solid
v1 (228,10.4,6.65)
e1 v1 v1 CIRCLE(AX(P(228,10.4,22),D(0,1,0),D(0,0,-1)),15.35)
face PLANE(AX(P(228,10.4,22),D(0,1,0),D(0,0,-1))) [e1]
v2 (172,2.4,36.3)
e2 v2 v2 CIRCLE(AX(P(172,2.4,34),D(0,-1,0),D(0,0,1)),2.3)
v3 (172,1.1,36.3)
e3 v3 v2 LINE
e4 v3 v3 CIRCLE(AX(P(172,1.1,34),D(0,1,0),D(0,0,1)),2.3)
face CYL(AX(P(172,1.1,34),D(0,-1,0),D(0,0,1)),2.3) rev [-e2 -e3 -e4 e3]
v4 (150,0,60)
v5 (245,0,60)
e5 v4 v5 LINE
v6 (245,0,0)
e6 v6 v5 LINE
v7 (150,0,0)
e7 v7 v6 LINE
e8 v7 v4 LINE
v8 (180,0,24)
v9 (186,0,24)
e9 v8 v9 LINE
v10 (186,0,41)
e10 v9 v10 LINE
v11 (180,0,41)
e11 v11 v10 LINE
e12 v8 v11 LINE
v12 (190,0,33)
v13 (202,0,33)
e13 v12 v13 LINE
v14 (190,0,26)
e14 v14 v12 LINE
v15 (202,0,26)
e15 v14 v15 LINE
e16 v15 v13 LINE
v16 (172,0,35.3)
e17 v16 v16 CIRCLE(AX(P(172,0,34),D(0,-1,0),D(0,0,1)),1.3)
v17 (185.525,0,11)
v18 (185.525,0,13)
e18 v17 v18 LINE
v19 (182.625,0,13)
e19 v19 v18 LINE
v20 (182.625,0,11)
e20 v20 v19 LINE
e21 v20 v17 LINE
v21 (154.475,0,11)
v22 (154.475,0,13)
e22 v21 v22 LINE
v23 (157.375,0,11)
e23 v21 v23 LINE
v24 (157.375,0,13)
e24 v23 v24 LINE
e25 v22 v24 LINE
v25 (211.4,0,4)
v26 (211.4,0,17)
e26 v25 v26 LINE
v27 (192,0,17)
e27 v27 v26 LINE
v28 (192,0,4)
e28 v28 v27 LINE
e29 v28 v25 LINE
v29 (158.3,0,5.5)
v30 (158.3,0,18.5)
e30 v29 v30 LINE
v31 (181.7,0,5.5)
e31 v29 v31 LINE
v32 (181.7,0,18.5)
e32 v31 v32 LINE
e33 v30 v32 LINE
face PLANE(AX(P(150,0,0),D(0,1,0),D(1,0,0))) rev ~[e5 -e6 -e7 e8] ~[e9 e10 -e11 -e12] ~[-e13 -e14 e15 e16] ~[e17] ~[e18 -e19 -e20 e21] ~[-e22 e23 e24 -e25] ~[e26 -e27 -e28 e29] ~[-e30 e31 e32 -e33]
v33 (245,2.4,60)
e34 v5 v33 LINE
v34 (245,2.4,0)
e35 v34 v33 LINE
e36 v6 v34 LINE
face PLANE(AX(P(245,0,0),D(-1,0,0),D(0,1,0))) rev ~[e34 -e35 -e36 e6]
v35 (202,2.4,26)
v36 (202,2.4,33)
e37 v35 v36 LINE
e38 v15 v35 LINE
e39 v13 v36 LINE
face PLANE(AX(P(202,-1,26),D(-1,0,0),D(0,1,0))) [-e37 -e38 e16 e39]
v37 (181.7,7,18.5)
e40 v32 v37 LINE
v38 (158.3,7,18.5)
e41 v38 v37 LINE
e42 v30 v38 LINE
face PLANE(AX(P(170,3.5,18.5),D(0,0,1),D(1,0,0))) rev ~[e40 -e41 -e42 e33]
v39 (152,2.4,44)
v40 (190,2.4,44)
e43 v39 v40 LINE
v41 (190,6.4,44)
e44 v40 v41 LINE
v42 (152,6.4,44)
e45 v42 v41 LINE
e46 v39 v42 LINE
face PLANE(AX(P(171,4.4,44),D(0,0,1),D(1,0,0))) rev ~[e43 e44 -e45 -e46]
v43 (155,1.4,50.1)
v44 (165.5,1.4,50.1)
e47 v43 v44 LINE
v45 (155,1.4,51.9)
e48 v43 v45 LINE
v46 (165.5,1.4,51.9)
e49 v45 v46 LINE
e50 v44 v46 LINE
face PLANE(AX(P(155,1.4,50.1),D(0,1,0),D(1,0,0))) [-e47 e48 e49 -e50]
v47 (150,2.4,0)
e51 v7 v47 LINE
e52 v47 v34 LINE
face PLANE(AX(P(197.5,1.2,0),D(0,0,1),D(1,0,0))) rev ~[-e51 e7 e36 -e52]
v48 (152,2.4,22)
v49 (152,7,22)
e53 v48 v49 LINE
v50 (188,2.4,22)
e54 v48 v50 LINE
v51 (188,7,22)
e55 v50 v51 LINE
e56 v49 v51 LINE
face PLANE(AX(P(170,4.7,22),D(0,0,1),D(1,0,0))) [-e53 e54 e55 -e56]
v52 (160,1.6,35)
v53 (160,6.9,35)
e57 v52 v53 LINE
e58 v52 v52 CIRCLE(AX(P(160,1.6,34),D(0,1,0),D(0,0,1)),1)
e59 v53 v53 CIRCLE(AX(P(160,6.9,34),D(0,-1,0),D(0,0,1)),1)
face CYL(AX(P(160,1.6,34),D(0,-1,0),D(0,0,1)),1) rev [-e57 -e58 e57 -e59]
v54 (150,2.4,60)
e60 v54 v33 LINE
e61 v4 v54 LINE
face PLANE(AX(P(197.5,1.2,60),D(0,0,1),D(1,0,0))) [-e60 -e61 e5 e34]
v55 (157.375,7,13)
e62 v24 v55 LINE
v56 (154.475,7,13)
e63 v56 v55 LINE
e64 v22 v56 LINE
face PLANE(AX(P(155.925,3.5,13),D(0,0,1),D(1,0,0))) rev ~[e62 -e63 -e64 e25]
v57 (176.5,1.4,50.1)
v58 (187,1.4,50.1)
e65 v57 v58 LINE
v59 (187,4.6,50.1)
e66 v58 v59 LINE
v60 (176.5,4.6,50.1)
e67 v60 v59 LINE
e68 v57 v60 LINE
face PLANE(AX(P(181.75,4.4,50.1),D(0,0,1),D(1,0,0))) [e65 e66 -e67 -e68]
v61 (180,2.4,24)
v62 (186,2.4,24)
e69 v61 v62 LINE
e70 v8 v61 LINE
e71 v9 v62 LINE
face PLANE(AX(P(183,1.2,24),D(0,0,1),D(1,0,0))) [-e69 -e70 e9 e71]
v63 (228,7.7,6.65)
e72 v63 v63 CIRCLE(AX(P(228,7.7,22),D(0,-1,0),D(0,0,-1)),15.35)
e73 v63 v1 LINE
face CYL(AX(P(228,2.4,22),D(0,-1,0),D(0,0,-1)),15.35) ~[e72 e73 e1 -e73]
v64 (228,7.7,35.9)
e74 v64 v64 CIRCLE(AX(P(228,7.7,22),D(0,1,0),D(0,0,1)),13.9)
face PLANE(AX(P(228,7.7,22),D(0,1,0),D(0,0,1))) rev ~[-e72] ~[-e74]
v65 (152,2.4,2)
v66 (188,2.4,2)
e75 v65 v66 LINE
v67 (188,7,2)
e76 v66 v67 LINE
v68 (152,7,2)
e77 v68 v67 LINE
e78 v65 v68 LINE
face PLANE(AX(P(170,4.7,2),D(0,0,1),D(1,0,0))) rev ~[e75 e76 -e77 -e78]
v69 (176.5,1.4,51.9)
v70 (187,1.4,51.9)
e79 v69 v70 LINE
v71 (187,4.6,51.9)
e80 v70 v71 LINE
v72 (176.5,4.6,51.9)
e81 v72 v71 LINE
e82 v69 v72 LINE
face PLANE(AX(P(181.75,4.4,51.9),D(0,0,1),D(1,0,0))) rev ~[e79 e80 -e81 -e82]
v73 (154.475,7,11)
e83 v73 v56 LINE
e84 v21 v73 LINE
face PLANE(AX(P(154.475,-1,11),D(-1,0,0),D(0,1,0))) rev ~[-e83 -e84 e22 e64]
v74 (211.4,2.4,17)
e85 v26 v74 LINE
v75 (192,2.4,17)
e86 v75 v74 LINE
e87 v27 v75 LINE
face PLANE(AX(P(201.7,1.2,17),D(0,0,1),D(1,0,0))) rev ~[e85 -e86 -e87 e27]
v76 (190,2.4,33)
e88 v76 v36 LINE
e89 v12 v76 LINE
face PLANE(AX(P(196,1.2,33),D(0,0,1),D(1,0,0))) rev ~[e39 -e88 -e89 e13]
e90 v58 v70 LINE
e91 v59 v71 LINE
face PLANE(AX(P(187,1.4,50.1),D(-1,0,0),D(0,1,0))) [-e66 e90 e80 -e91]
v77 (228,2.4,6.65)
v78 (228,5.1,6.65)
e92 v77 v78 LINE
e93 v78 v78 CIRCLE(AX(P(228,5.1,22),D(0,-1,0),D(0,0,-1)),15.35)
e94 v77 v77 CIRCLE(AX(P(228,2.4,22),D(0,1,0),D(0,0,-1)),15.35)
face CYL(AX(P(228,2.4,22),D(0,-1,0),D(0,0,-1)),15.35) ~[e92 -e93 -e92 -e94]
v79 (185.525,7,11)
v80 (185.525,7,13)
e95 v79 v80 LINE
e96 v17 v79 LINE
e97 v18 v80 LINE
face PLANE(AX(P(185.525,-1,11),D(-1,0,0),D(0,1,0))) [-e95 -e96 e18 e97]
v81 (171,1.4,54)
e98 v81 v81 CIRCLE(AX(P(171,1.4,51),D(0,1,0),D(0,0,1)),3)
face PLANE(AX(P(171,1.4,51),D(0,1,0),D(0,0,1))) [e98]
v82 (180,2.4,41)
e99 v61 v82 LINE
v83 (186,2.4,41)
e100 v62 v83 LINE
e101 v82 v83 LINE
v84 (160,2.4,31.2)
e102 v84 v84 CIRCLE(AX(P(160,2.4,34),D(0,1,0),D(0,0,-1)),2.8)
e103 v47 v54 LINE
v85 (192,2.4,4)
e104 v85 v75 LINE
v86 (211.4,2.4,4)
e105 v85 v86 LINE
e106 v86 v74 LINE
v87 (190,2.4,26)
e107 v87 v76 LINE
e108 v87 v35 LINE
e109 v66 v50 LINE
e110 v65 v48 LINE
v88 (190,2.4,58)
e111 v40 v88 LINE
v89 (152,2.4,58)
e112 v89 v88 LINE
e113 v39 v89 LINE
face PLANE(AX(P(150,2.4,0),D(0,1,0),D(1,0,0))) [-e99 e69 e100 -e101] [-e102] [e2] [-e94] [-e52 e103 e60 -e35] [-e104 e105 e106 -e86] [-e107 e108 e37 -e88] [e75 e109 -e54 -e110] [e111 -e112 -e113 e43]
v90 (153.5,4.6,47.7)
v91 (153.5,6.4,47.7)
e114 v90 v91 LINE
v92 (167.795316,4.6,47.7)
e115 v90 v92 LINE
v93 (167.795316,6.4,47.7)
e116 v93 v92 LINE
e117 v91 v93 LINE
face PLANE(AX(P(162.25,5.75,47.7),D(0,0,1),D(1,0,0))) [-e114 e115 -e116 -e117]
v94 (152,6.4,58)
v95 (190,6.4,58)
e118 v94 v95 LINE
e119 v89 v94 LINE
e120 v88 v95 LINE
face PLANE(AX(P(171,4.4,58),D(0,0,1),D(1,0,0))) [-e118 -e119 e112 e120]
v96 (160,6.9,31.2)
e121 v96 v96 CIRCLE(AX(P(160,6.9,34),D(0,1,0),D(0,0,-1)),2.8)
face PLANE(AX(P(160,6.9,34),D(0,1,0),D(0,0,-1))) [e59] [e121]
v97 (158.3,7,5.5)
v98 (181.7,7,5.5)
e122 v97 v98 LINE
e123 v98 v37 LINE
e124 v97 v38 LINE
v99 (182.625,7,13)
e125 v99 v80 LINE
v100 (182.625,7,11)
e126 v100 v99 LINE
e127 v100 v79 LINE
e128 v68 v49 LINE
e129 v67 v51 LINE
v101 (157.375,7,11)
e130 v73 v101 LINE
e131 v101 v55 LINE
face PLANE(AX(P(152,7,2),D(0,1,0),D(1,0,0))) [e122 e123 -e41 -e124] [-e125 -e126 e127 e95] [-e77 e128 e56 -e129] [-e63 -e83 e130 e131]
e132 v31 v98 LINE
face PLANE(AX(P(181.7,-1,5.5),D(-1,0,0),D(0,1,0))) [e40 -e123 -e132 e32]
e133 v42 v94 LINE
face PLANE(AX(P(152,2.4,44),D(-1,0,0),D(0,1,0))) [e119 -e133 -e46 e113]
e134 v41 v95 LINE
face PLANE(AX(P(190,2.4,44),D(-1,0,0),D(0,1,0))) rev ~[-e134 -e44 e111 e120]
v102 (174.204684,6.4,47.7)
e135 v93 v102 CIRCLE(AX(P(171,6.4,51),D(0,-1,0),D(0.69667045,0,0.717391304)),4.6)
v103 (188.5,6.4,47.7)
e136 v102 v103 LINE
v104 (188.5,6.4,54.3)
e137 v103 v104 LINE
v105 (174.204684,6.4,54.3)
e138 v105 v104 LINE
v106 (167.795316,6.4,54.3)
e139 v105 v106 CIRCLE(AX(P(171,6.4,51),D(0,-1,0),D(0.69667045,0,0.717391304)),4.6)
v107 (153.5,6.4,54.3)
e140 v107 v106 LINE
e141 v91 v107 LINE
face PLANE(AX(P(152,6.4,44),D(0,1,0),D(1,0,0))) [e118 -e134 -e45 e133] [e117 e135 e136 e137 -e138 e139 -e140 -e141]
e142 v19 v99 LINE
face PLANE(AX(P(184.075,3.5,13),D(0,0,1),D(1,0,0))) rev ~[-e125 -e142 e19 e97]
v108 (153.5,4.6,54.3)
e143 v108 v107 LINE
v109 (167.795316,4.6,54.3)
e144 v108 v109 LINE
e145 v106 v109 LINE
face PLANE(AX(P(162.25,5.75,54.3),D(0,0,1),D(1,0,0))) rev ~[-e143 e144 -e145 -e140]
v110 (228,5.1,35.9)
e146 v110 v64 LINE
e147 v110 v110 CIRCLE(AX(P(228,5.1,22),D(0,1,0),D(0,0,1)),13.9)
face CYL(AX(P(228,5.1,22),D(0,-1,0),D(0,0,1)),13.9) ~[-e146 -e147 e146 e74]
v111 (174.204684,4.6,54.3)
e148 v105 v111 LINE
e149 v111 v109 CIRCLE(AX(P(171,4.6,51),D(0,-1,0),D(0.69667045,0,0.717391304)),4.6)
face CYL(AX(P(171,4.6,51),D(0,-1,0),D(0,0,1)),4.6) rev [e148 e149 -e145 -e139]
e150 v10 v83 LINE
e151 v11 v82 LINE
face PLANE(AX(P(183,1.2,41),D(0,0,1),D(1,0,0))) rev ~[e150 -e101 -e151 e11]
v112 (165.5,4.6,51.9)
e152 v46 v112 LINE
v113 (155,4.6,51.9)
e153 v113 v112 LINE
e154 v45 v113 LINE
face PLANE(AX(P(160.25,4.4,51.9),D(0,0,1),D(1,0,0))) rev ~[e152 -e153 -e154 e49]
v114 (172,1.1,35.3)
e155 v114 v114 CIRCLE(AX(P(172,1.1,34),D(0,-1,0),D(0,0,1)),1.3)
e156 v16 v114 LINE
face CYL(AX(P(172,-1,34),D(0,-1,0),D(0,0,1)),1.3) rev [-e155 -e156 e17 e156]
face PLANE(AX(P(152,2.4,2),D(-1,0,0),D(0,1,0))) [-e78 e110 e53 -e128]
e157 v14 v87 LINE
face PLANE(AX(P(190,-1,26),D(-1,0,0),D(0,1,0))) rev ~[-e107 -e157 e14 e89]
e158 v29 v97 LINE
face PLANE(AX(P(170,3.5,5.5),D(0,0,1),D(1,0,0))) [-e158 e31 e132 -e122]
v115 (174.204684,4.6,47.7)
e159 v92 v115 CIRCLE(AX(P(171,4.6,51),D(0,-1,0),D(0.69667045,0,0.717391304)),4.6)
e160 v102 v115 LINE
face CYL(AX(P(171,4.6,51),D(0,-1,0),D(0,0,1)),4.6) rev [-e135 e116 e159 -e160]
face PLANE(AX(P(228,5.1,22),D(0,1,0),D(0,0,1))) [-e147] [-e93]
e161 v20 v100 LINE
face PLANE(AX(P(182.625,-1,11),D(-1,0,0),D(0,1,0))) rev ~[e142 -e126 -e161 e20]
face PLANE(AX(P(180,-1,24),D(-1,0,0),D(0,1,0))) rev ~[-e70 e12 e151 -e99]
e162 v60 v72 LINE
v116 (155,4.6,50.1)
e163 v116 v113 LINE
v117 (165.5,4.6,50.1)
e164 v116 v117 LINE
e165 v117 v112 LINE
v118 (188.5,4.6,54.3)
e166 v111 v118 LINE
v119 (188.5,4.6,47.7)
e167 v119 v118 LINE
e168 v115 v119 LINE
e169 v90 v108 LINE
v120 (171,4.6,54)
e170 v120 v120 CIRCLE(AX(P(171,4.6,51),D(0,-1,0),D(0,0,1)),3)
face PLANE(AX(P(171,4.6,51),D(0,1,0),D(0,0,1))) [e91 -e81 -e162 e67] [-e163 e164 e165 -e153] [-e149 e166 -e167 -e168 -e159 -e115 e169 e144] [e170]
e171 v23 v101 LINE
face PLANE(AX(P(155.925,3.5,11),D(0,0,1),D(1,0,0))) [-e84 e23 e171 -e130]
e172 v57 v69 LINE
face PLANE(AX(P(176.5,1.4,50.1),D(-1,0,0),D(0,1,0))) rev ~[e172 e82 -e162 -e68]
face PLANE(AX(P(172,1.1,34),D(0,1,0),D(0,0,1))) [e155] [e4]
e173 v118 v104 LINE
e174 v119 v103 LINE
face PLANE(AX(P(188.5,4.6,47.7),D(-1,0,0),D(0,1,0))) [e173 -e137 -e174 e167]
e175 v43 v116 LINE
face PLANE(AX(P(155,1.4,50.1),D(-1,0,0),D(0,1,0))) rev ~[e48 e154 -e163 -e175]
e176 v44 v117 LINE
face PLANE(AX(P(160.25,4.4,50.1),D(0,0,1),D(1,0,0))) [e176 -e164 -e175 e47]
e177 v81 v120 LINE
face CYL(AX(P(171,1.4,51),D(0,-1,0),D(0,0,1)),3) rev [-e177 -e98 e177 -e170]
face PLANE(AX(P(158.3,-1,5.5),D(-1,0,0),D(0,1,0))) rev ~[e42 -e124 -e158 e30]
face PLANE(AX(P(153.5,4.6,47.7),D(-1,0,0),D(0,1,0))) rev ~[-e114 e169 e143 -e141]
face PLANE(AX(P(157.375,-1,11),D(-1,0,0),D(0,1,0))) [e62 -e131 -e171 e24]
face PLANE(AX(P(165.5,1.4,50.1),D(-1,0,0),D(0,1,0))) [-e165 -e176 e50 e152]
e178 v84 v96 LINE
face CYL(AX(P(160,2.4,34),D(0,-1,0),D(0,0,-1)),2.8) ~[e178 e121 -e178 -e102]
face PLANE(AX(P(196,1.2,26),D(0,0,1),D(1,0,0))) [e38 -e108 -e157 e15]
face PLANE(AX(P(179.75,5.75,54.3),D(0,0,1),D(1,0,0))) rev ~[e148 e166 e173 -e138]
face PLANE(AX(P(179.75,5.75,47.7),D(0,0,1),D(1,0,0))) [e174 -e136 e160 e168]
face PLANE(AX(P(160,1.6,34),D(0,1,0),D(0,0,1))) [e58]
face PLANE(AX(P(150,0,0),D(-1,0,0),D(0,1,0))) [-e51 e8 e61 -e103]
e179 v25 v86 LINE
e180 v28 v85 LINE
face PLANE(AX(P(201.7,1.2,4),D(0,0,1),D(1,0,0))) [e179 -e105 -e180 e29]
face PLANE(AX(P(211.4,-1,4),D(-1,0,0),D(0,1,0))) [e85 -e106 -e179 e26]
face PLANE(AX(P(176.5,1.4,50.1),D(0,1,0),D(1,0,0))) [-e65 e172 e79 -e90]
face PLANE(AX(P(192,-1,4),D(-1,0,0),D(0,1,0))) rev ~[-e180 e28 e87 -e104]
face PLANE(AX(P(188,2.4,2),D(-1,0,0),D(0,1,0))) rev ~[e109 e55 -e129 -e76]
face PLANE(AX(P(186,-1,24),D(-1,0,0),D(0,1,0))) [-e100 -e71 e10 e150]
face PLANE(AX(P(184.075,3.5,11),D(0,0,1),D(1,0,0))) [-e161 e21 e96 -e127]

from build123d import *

# Parameters (mm, degrees)
SKETCH1_W            = 95
SKETCH1_H            = 2.4
BOSS_EXTRUDE1_DEPTH  = 60
BOSS_EXTRUDE2_START  = 2
SKETCH2_W            = 36
SKETCH2_H            = 4.6
BOSS_EXTRUDE2_DEPTH  = 20
BOSS_EXTRUDE3_START  = 5.5
SKETCH3_W            = 23.4
SKETCH3_H            = 9
BOSS_EXTRUDE3_DEPTH  = 13
BOSS_EXTRUDE4_START  = 11
SKETCH4_W            = 2.9
SKETCH4_H            = 9
BOSS_EXTRUDE4_DEPTH  = 2
BOSS_EXTRUDE5_START  = 11
SKETCH5_W            = 2.9
SKETCH5_H            = 9
BOSS_EXTRUDE5_DEPTH  = 2
BOSS_EXTRUDE6_START  = 4
SKETCH6_W            = 19.4
SKETCH6_H            = 4.4
BOSS_EXTRUDE6_DEPTH  = 13
BOSS_EXTRUDE7_START  = 2.4
SKETCH7_R            = 2.8
BOSS_EXTRUDE7_DEPTH  = 4.5
BOSS_EXTRUDE8_START  = 1.6
SKETCH8_R            = 1
BOSS_EXTRUDE8_DEPTH  = 6.3
BOSS_EXTRUDE9_START  = -1
SKETCH9_R            = 1.3
BOSS_EXTRUDE9_DEPTH  = 4.4
BOSS_EXTRUDE10_START = 1.1
SKETCH10_R           = 2.3
BOSS_EXTRUDE10_DEPTH = 2.3
BOSS_EXTRUDE11_START = 24
SKETCH11_W           = 6
SKETCH11_H           = 4.4
BOSS_EXTRUDE11_DEPTH = 17
BOSS_EXTRUDE12_START = 26
SKETCH12_W           = 12
SKETCH12_H           = 4.4
BOSS_EXTRUDE12_DEPTH = 7
BOSS_EXTRUDE13_START = 2.4
SKETCH13_R           = 15.35
BOSS_EXTRUDE13_DEPTH = 8
BOSS_EXTRUDE14_START = 5.1
SKETCH14_R           = 20
BOSS_EXTRUDE14_DEPTH = 2.6
BOSS_EXTRUDE15_START = 5.1
SKETCH15_R           = 13.9
BOSS_EXTRUDE15_DEPTH = 2.6
BOSS_EXTRUDE16_START = 44
SKETCH16_W           = 38
SKETCH16_H           = 4
BOSS_EXTRUDE16_DEPTH = 14
BOSS_EXTRUDE17_START = 4.6
SKETCH17_R           = 4.6
BOSS_EXTRUDE17_DEPTH = 2.3
BOSS_EXTRUDE18_START = 47.7
SKETCH18_W           = 17.5
SKETCH18_H           = 2.3
BOSS_EXTRUDE18_DEPTH = 6.6
BOSS_EXTRUDE19_START = 50.1
SKETCH19_W           = 10.5
SKETCH19_H           = 6
BOSS_EXTRUDE19_DEPTH = 1.8
BOSS_EXTRUDE20_START = 47.7
SKETCH20_W           = 17.5
SKETCH20_H           = 2.3
BOSS_EXTRUDE20_DEPTH = 6.6
BOSS_EXTRUDE21_START = 50.1
SKETCH21_W           = 10.5
SKETCH21_H           = 6
BOSS_EXTRUDE21_DEPTH = 1.8
BOSS_EXTRUDE22_START = 1.4
SKETCH22_R           = 3
BOSS_EXTRUDE22_DEPTH = 6


with BuildPart() as part:
    # Sketch1 → Boss-Extrude1 (new body)
    with BuildSketch(Plane.XY):
        with Locations((197.5, 1.2)):
            Rectangle(SKETCH1_W, SKETCH1_H)
    extrude(amount=BOSS_EXTRUDE1_DEPTH)

    # Sketch2 → Boss-Extrude2 (add)
    with BuildSketch(Plane.XY.offset(BOSS_EXTRUDE2_START)):
        with Locations((170, 4.7)):
            Rectangle(SKETCH2_W, SKETCH2_H)
    extrude(amount=BOSS_EXTRUDE2_DEPTH)


with BuildPart() as body_2:
    # Sketch3 → Boss-Extrude3 (new body)
    with BuildSketch(Plane.XY.offset(BOSS_EXTRUDE3_START)):
        with Locations((170, 3.5)):
            Rectangle(SKETCH3_W, SKETCH3_H)
    extrude(amount=BOSS_EXTRUDE3_DEPTH)


with BuildPart() as part_1:
    add(part.part)

    # Combine1: cut body 2
    add(body_2.part, mode=Mode.SUBTRACT)


with BuildPart() as body_2_2:
    # Sketch4 → Boss-Extrude4 (new body)
    with BuildSketch(Plane.XY.offset(BOSS_EXTRUDE4_START)):
        with Locations((155.925, 3.5)):
            Rectangle(SKETCH4_W, SKETCH4_H)
    extrude(amount=BOSS_EXTRUDE4_DEPTH)


with BuildPart() as part_2:
    add(part_1.part)

    # Combine2: cut body 2 2
    add(body_2_2.part, mode=Mode.SUBTRACT)


with BuildPart() as body_2_3:
    # Sketch5 → Boss-Extrude5 (new body)
    with BuildSketch(Plane.XY.offset(BOSS_EXTRUDE5_START)):
        with Locations((184.075, 3.5)):
            Rectangle(SKETCH5_W, SKETCH5_H)
    extrude(amount=BOSS_EXTRUDE5_DEPTH)


with BuildPart() as part_3:
    add(part_2.part)

    # Combine3: cut body 2 3
    add(body_2_3.part, mode=Mode.SUBTRACT)


with BuildPart() as body_2_4:
    # Sketch6 → Boss-Extrude6 (new body)
    with BuildSketch(Plane.XY.offset(BOSS_EXTRUDE6_START)):
        with Locations((201.7, 1.2)):
            Rectangle(SKETCH6_W, SKETCH6_H)
    extrude(amount=BOSS_EXTRUDE6_DEPTH)


with BuildPart() as part_4:
    add(part_3.part)

    # Combine4: cut body 2 4
    add(body_2_4.part, mode=Mode.SUBTRACT)

    # Sketch7 → Boss-Extrude7 (add)
    with BuildSketch(Plane(origin=(0, 0, 0), x_dir=(1, 0, 0), z_dir=(0, 1, 0)).offset(BOSS_EXTRUDE7_START)):
        with Locations(Location((160, -34, 0), (0, 0, 90))):
            Circle(SKETCH7_R)
    extrude(amount=BOSS_EXTRUDE7_DEPTH)


with BuildPart() as body_2_5:
    # Sketch8 → Boss-Extrude8 (new body)
    with BuildSketch(Plane(origin=(0, 0, 0), x_dir=(1, 0, 0), z_dir=(0, 1, 0)).offset(BOSS_EXTRUDE8_START)):
        with Locations(Location((160, -34, 0), (0, 0, 270))):
            Circle(SKETCH8_R)
    extrude(amount=BOSS_EXTRUDE8_DEPTH)


with BuildPart() as part_5:
    add(part_4.part)

    # Combine5: cut body 2 5
    add(body_2_5.part, mode=Mode.SUBTRACT)


with BuildPart() as body_2_6:
    # Sketch9 → Boss-Extrude9 (new body)
    with BuildSketch(Plane(origin=(0, 0, 0), x_dir=(1, 0, 0), z_dir=(0, 1, 0)).offset(BOSS_EXTRUDE9_START)):
        with Locations(Location((172, -34, 0), (0, 0, 270))):
            Circle(SKETCH9_R)
    extrude(amount=BOSS_EXTRUDE9_DEPTH)


with BuildPart() as part_6:
    add(part_5.part)

    # Combine6: cut body 2 6
    add(body_2_6.part, mode=Mode.SUBTRACT)


with BuildPart() as body_2_7:
    # Sketch10 → Boss-Extrude10 (new body)
    with BuildSketch(Plane(origin=(0, 0, 0), x_dir=(1, 0, 0), z_dir=(0, 1, 0)).offset(BOSS_EXTRUDE10_START)):
        with Locations(Location((172, -34, 0), (0, 0, 270))):
            Circle(SKETCH10_R)
    extrude(amount=BOSS_EXTRUDE10_DEPTH)


with BuildPart() as part_7:
    add(part_6.part)

    # Combine7: cut body 2 7
    add(body_2_7.part, mode=Mode.SUBTRACT)


with BuildPart() as body_2_8:
    # Sketch11 → Boss-Extrude11 (new body)
    with BuildSketch(Plane.XY.offset(BOSS_EXTRUDE11_START)):
        with Locations((183, 1.2)):
            Rectangle(SKETCH11_W, SKETCH11_H)
    extrude(amount=BOSS_EXTRUDE11_DEPTH)


with BuildPart() as part_8:
    add(part_7.part)

    # Combine8: cut body 2 8
    add(body_2_8.part, mode=Mode.SUBTRACT)


with BuildPart() as body_2_9:
    # Sketch12 → Boss-Extrude12 (new body)
    with BuildSketch(Plane.XY.offset(BOSS_EXTRUDE12_START)):
        with Locations((196, 1.2)):
            Rectangle(SKETCH12_W, SKETCH12_H)
    extrude(amount=BOSS_EXTRUDE12_DEPTH)


with BuildPart() as part_9:
    add(part_8.part)

    # Combine9: cut body 2 9
    add(body_2_9.part, mode=Mode.SUBTRACT)

    # Sketch13 → Boss-Extrude13 (add)
    with BuildSketch(Plane(origin=(0, 0, 0), x_dir=(1, 0, 0), z_dir=(0, 1, 0)).offset(BOSS_EXTRUDE13_START)):
        with Locations(Location((228, -22, 0), (0, 0, 90))):
            Circle(SKETCH13_R)
    extrude(amount=BOSS_EXTRUDE13_DEPTH)


with BuildPart() as body_2_10:
    # Sketch14 → Boss-Extrude14 (new body)
    with BuildSketch(Plane(origin=(0, 0, 0), x_dir=(1, 0, 0), z_dir=(0, 1, 0)).offset(BOSS_EXTRUDE14_START)):
        with Locations(Location((228, -22, 0), (0, 0, 270))):
            Circle(SKETCH14_R)
    extrude(amount=BOSS_EXTRUDE14_DEPTH)


with BuildPart() as part_10:
    add(part_9.part)

    # Combine10: cut body 2 10
    add(body_2_10.part, mode=Mode.SUBTRACT)

    # Sketch15 → Boss-Extrude15 (add)
    with BuildSketch(Plane(origin=(0, 0, 0), x_dir=(1, 0, 0), z_dir=(0, 1, 0)).offset(BOSS_EXTRUDE15_START)):
        with Locations(Location((228, -22, 0), (0, 0, 270))):
            Circle(SKETCH15_R)
    extrude(amount=BOSS_EXTRUDE15_DEPTH)

    # Sketch16 → Boss-Extrude16 (add)
    with BuildSketch(Plane.XY.offset(BOSS_EXTRUDE16_START)):
        with Locations((171, 4.4)):
            Rectangle(SKETCH16_W, SKETCH16_H)
    extrude(amount=BOSS_EXTRUDE16_DEPTH)


with BuildPart() as body_2_11:
    # Sketch17 → Boss-Extrude17 (new body)
    with BuildSketch(Plane(origin=(0, 0, 0), x_dir=(1, 0, 0), z_dir=(0, 1, 0)).offset(BOSS_EXTRUDE17_START)):
        with Locations(Location((171, -51, 0), (0, 0, 270))):
            Circle(SKETCH17_R)
    extrude(amount=BOSS_EXTRUDE17_DEPTH)


with BuildPart() as part_11:
    add(part_10.part)

    # Combine11: cut body 2 11
    add(body_2_11.part, mode=Mode.SUBTRACT)


with BuildPart() as body_2_12:
    # Sketch18 → Boss-Extrude18 (new body)
    with BuildSketch(Plane.XY.offset(BOSS_EXTRUDE18_START)):
        with Locations((179.75, 5.75)):
            Rectangle(SKETCH18_W, SKETCH18_H)
    extrude(amount=BOSS_EXTRUDE18_DEPTH)


with BuildPart() as part_12:
    add(part_11.part)

    # Combine12: cut body 2 12
    add(body_2_12.part, mode=Mode.SUBTRACT)


with BuildPart() as body_2_13:
    # Sketch19 → Boss-Extrude19 (new body)
    with BuildSketch(Plane.XY.offset(BOSS_EXTRUDE19_START)):
        with Locations((181.75, 4.4)):
            Rectangle(SKETCH19_W, SKETCH19_H)
    extrude(amount=BOSS_EXTRUDE19_DEPTH)


with BuildPart() as part_13:
    add(part_12.part)

    # Combine13: cut body 2 13
    add(body_2_13.part, mode=Mode.SUBTRACT)


with BuildPart() as body_2_14:
    # Sketch20 → Boss-Extrude20 (new body)
    with BuildSketch(Plane.XY.offset(BOSS_EXTRUDE20_START)):
        with Locations((162.25, 5.75)):
            Rectangle(SKETCH20_W, SKETCH20_H)
    extrude(amount=BOSS_EXTRUDE20_DEPTH)


with BuildPart() as part_14:
    add(part_13.part)

    # Combine14: cut body 2 14
    add(body_2_14.part, mode=Mode.SUBTRACT)


with BuildPart() as body_2_15:
    # Sketch21 → Boss-Extrude21 (new body)
    with BuildSketch(Plane.XY.offset(BOSS_EXTRUDE21_START)):
        with Locations((160.25, 4.4)):
            Rectangle(SKETCH21_W, SKETCH21_H)
    extrude(amount=BOSS_EXTRUDE21_DEPTH)


with BuildPart() as part_15:
    add(part_14.part)

    # Combine15: cut body 2 15
    add(body_2_15.part, mode=Mode.SUBTRACT)


with BuildPart() as body_2_16:
    # Sketch22 → Boss-Extrude22 (new body)
    with BuildSketch(Plane(origin=(0, 0, 0), x_dir=(1, 0, 0), z_dir=(0, 1, 0)).offset(BOSS_EXTRUDE22_START)):
        with Locations(Location((171, -51, 0), (0, 0, 270))):
            Circle(SKETCH22_R)
    extrude(amount=BOSS_EXTRUDE22_DEPTH)


with BuildPart() as part_16:
    add(part_15.part)

    # Combine16: cut body 2 16
    add(body_2_16.part, mode=Mode.SUBTRACT)


solid = part_16.part
